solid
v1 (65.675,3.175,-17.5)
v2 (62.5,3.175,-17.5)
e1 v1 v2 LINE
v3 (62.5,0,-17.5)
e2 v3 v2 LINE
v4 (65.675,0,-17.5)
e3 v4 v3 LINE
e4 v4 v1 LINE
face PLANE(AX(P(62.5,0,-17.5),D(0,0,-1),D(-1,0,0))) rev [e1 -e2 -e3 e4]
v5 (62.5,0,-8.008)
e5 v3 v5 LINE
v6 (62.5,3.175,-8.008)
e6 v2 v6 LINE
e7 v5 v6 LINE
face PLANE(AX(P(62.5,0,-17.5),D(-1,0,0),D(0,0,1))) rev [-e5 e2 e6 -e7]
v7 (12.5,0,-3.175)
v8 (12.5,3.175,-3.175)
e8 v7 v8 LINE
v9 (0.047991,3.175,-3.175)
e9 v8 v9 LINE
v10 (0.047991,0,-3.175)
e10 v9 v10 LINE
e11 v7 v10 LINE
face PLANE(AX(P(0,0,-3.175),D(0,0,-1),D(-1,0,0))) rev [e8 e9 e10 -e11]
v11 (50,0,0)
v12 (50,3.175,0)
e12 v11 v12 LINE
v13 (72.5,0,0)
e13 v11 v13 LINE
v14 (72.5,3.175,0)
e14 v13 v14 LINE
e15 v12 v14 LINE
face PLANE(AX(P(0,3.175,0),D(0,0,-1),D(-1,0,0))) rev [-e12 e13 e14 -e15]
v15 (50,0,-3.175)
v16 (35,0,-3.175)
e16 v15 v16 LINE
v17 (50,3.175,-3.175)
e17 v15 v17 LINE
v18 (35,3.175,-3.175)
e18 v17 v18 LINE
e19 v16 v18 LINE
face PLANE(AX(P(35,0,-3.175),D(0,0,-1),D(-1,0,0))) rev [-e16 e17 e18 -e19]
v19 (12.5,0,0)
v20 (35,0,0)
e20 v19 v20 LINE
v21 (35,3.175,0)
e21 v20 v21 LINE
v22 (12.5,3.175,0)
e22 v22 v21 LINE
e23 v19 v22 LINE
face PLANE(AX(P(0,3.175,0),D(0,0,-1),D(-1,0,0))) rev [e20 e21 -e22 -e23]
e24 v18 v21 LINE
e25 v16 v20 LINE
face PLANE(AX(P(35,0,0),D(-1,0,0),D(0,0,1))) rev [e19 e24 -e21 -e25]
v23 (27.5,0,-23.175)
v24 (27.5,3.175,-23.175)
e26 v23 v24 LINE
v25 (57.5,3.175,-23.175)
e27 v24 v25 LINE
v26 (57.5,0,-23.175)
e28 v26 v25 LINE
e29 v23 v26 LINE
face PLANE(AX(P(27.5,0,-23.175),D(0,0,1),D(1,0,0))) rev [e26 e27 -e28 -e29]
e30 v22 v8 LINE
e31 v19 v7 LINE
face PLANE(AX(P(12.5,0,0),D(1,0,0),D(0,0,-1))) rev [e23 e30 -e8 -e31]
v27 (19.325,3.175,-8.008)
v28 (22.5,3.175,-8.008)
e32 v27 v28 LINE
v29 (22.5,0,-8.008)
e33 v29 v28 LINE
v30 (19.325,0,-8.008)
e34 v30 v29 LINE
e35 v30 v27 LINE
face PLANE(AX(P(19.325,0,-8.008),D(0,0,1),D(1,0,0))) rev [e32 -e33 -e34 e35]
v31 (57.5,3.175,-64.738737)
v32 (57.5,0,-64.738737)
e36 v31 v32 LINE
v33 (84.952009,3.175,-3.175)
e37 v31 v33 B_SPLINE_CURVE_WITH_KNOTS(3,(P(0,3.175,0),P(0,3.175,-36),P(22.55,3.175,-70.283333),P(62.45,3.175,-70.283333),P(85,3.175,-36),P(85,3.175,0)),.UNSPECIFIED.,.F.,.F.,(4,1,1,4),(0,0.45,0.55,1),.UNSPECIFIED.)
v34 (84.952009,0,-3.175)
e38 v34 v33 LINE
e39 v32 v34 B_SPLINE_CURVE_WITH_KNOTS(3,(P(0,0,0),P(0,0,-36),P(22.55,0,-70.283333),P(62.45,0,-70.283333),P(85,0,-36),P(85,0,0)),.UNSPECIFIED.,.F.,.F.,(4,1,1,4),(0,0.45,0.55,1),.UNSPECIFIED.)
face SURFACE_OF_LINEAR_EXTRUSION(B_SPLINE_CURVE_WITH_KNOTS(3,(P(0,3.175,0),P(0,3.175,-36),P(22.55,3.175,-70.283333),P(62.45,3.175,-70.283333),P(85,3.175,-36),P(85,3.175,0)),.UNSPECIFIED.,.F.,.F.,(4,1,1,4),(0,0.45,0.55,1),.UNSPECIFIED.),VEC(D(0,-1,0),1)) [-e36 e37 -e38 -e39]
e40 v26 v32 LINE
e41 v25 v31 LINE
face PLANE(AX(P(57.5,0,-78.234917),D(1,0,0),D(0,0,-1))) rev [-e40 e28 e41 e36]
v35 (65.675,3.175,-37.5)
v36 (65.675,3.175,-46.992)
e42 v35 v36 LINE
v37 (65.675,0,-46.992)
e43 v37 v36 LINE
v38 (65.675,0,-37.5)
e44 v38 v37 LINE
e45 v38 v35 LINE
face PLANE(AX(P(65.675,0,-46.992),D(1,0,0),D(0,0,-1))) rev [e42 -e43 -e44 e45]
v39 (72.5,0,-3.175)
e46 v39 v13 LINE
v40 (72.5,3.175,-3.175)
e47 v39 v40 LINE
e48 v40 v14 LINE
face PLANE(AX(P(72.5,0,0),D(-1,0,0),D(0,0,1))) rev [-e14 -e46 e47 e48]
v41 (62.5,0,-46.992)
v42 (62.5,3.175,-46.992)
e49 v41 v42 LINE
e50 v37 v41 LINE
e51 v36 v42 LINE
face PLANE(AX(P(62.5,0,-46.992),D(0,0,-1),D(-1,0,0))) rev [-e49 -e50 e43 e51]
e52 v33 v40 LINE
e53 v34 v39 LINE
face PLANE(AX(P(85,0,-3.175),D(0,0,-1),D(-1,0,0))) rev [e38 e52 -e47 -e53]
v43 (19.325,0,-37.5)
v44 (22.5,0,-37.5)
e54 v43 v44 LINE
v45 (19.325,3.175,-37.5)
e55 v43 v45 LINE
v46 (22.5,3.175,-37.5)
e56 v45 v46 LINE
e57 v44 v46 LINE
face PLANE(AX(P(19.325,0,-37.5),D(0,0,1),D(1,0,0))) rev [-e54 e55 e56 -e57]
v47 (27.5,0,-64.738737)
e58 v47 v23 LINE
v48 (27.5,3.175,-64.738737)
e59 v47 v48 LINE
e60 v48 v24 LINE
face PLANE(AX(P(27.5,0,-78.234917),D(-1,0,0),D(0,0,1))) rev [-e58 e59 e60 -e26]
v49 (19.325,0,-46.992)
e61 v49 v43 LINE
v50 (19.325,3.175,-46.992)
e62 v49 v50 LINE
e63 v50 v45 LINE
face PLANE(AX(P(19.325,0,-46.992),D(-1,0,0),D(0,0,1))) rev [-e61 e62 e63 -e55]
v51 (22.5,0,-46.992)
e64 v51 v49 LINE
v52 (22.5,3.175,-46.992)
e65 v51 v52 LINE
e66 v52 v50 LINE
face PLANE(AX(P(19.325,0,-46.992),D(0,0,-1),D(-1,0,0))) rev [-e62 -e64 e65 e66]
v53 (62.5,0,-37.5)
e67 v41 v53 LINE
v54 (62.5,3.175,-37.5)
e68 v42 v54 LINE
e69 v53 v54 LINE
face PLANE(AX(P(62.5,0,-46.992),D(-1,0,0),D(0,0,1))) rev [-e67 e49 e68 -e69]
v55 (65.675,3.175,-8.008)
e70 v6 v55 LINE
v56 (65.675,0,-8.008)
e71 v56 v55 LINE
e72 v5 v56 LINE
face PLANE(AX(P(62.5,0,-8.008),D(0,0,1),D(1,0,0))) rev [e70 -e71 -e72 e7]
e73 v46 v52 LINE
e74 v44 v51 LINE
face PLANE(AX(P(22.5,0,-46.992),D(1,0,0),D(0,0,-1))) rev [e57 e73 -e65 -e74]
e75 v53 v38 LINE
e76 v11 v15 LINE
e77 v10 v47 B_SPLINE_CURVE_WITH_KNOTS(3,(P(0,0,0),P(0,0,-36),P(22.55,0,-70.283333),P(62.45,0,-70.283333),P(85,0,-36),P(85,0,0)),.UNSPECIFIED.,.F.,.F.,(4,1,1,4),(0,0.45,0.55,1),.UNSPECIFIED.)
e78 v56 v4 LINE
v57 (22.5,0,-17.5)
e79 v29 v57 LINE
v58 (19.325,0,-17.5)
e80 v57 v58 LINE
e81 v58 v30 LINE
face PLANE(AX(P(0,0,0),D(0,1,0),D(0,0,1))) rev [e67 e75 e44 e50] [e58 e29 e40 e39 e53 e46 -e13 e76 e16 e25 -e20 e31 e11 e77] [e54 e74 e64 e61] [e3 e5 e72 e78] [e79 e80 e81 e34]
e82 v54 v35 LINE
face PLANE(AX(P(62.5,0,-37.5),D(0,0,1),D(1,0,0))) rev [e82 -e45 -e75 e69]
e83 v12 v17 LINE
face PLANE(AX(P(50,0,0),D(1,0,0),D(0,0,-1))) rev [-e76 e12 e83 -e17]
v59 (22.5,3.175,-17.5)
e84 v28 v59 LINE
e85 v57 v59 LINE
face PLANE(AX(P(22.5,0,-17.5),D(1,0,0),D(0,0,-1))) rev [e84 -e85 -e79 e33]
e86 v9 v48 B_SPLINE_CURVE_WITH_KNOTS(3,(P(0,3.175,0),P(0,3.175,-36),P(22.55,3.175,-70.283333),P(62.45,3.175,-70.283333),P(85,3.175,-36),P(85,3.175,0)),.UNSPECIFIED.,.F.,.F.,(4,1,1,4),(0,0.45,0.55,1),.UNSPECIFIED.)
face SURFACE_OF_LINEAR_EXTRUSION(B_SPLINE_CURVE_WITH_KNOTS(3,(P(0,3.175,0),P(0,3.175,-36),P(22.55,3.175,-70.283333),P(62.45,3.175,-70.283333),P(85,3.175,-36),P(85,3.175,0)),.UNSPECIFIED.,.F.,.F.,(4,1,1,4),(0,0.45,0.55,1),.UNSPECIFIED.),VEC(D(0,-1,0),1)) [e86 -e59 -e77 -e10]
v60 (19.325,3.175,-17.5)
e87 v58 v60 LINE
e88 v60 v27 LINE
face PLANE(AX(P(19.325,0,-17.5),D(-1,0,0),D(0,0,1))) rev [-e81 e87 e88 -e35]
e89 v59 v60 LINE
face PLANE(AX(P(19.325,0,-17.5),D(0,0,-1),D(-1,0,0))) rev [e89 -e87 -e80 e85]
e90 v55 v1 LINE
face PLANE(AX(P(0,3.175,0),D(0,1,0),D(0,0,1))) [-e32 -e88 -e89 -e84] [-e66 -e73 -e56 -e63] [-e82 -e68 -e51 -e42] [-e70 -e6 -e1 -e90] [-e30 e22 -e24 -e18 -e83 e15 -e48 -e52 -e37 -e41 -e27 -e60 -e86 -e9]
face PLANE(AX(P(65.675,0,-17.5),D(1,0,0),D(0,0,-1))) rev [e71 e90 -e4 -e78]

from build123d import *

# Parameters (mm, degrees)
BOSS_EXTRUDE1_DEPTH = 3.175
SKETCH2_W           = 3.175
SKETCH2_H           = 9.492
SKETCH2_W_2         = 12.5
SKETCH2_H_2         = 3.175
SKETCH2_W_3         = 15
SKETCH2_W_4         = 30
SKETCH2_H_3         = 55.059917187
CUT_EXTRUDE1_DEPTH  = 4.1750001


with BuildPart() as part:
    # Sketch1 → Boss-Extrude1 (new body)
    with BuildSketch(Plane(origin=(0, 0, 0), x_dir=(1, 0, 0), z_dir=(0, 1, 0))):
        with BuildLine():
            add(Edge.make_bspline(
                [(0, 0), (0, 36), (20.5, 67.166666667), (40.5, 70), (42.5, 70)],
                knots=[0, 0, 0, 0, 0.45, 0.5, 0.5, 0.5, 0.5], degree=3))
            Line((0, 0), (42.5, 0))
            Line((42.5, 0), (42.5, 70))
        make_face()
        with BuildLine():
            Line((42.5, 70), (42.5, 0))
            Line((42.5, 0), (85, 0))
            add(Edge.make_bspline(
                [(42.5, 70), (44.5, 70), (64.5, 67.166666667), (85, 36), (85, 0)],
                knots=[0.5, 0.5, 0.5, 0.5, 0.55, 1, 1, 1, 1], degree=3))
        make_face()
    extrude(amount=BOSS_EXTRUDE1_DEPTH)

    # Sketch2 → Cut-Extrude1 (cut, through all)
    with BuildSketch(Plane(origin=(0, 3.175, 0), x_dir=(1, 0, 0), z_dir=(0, 1, 0))):
        with Locations((20.9125, 42.246)):
            Rectangle(SKETCH2_W, SKETCH2_H)
        with Locations((64.0875, 42.246)):
            Rectangle(SKETCH2_W, SKETCH2_H)
        with Locations((20.9125, 12.754)):
            Rectangle(SKETCH2_W, SKETCH2_H)
        with Locations((64.0875, 12.754)):
            Rectangle(SKETCH2_W, SKETCH2_H)
        with Locations((6.25, 1.5875)):
            Rectangle(SKETCH2_W_2, SKETCH2_H_2)
        with Locations((42.5, 1.5875)):
            Rectangle(SKETCH2_W_3, SKETCH2_H_2)
        with Locations((78.75, 1.5875)):
            Rectangle(SKETCH2_W_2, SKETCH2_H_2)
        with Locations((42.5, 50.704958594)):
            Rectangle(SKETCH2_W_4, SKETCH2_H_3)
    extrude(amount=-CUT_EXTRUDE1_DEPTH, mode=Mode.SUBTRACT)


solid = part.part
